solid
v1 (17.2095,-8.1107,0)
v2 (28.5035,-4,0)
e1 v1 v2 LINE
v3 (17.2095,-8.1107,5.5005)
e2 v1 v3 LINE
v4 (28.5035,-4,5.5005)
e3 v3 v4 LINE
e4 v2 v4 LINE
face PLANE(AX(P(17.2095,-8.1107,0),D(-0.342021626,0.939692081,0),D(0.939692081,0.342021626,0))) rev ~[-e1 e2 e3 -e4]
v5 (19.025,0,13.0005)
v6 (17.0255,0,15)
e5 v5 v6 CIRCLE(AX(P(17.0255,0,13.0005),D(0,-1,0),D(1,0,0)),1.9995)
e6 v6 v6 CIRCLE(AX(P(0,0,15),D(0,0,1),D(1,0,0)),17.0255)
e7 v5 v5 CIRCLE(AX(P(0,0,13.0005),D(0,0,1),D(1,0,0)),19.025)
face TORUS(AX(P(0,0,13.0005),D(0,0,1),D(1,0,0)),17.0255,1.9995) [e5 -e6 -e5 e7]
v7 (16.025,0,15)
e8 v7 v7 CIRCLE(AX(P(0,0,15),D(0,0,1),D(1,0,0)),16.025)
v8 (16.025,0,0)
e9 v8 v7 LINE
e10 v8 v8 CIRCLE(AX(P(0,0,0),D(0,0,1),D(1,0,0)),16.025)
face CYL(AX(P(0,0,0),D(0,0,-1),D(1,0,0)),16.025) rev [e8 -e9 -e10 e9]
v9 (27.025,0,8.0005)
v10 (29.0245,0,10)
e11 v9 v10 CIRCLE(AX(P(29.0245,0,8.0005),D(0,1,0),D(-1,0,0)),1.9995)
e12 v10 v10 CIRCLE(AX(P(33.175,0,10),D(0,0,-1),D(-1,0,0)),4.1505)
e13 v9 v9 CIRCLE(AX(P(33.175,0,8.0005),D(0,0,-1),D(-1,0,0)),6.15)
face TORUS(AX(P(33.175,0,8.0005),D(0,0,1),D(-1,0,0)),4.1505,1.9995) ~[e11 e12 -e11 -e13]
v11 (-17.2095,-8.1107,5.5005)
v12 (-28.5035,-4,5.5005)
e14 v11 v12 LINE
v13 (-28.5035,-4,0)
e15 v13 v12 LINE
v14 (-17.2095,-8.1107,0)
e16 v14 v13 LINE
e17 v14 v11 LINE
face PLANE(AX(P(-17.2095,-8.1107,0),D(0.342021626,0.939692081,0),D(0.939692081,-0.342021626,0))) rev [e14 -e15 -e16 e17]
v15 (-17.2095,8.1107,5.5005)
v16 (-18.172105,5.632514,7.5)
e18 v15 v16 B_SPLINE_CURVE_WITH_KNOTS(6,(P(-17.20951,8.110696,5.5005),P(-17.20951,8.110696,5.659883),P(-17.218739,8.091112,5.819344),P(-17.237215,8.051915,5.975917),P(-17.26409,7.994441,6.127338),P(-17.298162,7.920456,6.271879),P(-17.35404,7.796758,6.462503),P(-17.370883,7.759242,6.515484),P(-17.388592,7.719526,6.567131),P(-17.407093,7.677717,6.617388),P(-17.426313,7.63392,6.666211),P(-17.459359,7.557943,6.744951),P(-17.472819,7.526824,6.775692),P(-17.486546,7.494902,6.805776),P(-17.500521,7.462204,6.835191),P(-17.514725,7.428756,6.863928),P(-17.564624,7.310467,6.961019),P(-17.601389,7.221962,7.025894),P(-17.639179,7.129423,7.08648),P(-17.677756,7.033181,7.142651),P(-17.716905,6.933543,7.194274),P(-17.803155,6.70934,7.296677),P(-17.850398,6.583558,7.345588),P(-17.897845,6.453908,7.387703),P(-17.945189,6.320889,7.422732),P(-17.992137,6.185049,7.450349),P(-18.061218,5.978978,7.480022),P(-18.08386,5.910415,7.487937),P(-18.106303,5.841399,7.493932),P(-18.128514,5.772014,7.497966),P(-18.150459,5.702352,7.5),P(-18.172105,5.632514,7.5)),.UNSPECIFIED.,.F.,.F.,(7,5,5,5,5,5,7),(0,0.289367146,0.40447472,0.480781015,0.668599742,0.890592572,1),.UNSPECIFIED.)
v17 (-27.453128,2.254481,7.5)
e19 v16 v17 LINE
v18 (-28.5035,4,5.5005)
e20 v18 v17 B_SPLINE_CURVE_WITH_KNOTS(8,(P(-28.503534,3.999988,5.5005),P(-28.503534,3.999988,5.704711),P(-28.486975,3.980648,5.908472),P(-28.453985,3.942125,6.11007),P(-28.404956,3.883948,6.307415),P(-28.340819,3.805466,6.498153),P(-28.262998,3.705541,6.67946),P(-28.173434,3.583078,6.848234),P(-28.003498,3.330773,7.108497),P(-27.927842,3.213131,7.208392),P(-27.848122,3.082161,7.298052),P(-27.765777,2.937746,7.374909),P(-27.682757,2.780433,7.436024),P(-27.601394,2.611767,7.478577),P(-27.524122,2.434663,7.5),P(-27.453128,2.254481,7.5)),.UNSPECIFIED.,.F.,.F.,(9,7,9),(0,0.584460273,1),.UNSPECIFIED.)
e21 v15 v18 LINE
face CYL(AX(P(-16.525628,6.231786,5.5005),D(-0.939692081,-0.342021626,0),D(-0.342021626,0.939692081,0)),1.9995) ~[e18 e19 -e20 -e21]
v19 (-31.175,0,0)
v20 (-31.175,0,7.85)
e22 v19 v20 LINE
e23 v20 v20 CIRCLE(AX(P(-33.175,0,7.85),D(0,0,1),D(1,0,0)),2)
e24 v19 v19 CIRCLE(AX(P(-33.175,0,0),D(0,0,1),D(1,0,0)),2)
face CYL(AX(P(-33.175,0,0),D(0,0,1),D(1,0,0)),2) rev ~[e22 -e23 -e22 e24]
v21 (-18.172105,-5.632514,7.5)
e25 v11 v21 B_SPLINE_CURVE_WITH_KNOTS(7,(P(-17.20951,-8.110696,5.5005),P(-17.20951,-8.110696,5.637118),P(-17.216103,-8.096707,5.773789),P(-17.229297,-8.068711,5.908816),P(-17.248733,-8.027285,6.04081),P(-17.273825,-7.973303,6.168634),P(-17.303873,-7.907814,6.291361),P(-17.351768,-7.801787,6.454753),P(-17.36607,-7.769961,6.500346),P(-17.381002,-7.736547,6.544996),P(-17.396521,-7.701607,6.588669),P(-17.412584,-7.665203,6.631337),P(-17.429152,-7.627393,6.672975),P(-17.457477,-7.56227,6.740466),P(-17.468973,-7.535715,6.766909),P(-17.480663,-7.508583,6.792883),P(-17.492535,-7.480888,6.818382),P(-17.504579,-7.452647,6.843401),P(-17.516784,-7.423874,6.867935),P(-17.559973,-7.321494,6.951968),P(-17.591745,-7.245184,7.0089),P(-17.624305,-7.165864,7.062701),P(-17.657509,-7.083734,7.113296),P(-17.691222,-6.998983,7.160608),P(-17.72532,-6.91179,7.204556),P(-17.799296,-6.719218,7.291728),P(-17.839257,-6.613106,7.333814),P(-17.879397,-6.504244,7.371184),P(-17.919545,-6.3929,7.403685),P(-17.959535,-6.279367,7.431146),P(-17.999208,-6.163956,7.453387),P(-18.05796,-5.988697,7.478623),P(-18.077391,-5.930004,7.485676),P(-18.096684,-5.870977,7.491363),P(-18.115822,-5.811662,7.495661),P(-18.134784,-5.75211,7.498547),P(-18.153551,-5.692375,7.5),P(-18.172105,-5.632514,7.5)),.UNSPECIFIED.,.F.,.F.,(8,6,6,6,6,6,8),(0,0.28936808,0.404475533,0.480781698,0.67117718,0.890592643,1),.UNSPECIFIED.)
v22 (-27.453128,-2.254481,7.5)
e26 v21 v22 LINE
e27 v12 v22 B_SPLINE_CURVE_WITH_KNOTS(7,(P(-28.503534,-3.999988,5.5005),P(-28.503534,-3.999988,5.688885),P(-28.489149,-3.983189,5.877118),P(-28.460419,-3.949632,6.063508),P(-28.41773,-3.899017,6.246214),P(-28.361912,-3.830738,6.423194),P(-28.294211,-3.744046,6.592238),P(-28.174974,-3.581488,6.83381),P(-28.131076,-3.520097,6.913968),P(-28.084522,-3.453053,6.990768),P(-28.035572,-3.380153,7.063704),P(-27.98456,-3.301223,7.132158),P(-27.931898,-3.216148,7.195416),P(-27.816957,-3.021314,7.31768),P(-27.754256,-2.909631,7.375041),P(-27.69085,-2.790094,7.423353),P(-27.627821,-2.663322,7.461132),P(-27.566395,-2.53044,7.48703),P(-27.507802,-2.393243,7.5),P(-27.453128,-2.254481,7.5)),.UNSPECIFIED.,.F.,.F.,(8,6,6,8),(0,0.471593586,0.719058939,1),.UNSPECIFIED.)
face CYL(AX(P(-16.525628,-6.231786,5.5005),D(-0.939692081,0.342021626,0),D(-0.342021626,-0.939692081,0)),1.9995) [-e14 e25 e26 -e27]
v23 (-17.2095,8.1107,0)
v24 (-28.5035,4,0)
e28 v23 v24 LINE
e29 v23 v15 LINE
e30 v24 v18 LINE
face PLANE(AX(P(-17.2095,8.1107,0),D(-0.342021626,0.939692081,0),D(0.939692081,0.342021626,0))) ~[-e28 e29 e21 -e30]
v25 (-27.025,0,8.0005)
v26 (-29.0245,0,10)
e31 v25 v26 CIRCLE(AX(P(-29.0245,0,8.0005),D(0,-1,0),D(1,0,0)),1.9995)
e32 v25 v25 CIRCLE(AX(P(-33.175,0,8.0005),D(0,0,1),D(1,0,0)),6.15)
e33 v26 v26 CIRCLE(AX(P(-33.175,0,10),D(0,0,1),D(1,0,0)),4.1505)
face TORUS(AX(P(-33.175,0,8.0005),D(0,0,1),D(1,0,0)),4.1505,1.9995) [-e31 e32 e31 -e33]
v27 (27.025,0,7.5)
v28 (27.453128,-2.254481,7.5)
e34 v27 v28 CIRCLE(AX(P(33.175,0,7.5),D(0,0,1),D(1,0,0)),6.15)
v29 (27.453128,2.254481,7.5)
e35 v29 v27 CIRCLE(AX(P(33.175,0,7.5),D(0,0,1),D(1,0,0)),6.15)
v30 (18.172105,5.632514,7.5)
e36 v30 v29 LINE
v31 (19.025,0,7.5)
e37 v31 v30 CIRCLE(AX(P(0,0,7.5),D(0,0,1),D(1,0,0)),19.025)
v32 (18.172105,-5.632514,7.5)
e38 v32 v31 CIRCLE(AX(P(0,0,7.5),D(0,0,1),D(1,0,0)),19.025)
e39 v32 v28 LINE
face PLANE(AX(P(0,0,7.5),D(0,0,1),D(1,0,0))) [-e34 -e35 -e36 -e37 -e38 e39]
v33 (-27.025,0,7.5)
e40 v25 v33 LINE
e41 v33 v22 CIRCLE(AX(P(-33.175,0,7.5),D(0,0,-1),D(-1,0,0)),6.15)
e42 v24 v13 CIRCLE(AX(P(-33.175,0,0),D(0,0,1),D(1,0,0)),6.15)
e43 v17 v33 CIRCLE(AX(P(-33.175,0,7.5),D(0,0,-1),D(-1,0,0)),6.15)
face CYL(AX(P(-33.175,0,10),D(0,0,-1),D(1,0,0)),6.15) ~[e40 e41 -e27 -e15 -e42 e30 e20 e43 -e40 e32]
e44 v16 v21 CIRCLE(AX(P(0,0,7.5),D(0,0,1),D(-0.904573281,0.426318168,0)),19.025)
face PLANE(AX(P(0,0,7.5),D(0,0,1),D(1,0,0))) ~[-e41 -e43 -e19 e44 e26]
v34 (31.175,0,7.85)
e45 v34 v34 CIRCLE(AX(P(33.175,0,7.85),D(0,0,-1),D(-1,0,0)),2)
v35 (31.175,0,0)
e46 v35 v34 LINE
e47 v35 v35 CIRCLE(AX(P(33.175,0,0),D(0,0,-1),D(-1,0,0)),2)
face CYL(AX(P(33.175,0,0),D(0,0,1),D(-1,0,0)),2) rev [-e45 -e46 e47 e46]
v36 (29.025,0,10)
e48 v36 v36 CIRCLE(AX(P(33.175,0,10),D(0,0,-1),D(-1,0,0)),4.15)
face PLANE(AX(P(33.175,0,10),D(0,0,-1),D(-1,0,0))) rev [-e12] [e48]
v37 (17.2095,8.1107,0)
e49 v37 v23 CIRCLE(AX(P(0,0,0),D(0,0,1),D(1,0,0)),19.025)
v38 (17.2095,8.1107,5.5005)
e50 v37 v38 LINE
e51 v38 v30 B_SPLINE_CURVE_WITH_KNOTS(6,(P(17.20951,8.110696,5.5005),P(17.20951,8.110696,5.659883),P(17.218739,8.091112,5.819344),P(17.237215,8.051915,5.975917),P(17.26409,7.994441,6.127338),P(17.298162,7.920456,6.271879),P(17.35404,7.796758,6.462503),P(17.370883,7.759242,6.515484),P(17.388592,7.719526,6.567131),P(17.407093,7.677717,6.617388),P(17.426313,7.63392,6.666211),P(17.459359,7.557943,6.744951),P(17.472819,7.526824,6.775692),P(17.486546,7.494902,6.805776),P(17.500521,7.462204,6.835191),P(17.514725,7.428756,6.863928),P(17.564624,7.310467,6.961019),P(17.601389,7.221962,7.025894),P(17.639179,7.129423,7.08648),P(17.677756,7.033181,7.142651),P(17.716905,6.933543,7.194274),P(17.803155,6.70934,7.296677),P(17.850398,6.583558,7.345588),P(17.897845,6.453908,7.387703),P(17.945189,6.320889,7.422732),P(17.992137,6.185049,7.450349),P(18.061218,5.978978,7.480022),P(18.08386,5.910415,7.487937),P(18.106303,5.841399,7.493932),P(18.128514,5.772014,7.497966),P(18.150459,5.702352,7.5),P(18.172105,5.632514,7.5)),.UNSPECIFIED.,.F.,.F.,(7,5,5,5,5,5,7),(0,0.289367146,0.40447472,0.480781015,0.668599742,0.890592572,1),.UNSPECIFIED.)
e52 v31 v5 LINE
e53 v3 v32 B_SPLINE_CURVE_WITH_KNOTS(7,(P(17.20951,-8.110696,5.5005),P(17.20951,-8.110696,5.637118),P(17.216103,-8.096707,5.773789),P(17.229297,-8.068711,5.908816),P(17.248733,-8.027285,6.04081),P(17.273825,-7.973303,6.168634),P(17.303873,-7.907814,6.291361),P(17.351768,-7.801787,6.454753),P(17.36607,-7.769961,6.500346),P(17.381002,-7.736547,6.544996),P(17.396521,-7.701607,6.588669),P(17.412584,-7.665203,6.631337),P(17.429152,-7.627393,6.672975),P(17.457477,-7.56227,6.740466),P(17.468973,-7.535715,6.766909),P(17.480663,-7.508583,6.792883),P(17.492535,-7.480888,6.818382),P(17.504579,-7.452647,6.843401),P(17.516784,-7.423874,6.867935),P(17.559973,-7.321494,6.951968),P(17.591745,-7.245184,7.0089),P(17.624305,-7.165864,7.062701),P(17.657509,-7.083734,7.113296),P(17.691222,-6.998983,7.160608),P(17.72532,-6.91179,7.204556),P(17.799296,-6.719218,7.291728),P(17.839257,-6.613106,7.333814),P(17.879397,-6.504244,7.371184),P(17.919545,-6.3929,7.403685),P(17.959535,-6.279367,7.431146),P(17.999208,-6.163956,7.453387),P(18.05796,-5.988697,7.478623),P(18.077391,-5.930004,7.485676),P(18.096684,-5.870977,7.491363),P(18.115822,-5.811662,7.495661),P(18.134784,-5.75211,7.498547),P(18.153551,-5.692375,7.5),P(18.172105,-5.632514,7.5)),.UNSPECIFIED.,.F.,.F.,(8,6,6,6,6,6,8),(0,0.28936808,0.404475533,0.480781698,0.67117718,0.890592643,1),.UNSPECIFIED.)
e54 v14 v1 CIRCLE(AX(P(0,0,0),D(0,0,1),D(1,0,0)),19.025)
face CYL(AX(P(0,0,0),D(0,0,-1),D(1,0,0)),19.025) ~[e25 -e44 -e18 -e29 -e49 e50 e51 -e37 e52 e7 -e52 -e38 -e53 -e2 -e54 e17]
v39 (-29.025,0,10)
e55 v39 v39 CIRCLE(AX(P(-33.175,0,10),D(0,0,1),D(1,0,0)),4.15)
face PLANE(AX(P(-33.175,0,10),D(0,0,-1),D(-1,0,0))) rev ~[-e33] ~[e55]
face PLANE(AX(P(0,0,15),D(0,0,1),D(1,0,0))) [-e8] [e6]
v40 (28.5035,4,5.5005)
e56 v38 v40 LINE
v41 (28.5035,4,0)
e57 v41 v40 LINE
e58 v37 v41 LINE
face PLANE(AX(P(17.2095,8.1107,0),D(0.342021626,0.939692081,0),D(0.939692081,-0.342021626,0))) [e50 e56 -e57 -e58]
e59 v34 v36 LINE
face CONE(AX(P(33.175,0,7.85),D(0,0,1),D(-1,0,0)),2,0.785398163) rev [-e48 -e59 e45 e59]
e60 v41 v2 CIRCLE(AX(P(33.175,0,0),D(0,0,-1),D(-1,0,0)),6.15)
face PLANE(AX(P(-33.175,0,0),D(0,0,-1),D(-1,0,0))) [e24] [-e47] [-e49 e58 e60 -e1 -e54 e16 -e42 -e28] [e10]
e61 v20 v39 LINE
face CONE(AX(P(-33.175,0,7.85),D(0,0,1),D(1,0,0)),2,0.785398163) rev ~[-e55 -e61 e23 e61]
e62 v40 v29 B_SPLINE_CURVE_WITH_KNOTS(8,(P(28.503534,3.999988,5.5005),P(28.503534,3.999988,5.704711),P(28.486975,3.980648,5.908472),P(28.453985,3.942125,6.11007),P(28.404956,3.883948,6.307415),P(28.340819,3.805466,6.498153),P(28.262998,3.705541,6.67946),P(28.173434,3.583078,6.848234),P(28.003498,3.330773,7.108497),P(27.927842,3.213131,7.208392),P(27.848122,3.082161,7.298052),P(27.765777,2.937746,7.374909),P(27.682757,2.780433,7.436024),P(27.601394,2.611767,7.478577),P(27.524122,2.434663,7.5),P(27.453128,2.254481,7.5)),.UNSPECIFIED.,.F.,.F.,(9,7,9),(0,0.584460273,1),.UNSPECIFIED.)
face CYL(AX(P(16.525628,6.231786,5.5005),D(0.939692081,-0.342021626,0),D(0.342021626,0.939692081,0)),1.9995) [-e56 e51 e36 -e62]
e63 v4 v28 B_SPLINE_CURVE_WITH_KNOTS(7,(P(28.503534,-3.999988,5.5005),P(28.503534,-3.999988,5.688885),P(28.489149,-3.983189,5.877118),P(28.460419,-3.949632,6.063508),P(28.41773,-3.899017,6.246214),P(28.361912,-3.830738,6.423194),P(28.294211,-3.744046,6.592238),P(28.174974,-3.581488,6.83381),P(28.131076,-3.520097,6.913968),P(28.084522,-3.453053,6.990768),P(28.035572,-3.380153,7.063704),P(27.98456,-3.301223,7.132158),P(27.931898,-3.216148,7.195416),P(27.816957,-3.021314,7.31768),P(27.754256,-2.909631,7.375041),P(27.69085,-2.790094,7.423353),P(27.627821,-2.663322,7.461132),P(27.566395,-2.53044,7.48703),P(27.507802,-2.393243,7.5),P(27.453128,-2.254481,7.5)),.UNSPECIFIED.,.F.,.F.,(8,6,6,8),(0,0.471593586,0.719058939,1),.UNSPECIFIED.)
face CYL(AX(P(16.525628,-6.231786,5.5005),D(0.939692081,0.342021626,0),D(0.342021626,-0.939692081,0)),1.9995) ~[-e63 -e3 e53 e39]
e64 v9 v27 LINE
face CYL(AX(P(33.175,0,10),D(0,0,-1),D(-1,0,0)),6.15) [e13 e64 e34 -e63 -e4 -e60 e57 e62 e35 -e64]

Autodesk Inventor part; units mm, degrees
ref_plane "YZ Plane" through (0, 0, 0) normal (1, 0, 0) x (0, 1, 0)
ref_plane "XZ Plane" through (0, 0, 0) normal (0, 1, 0) x (-1, 0, 0)
ref_plane "XY Plane" through (0, 0, 0) normal (0, 0, 1) x (1, 0, 0)
sketch "Tube_Core_Skt" plane through (0, 0, 0) normal (0, 0, 1) x (1, 0, 0)
  circle A0 centre (0, 0) radius 16.025
  circle A1 centre (0, 0) radius 19.025
  dimension "d2" = 3
  dimension "d3" = 32.05
extrude "Tube_Core" add sketch "Tube_Core_Skt" along normal blind 15
sketch "Screw_Core_Skt" plane through (0, 0, 0) normal (0, 1, 0) x (-1, 0, 0)
  line L0 (-19.025, 0) -> (-19.025, 15) projected
  line L1 (19.025, 15) -> (-19.025, 15) projected
  line L2 (19.025, 0) -> (19.025, 15) projected
  line L3 (-19.025, 0) -> (19.025, 0) projected
  line L4 (0, 15) -> (-27.025, 15) construction
  line L5 (-27.025, 15) -> (-27.025, 10) construction
  line L6 (-27.025, 0) -> (0, 0) construction
  line L7 (0, 0) -> (0, 15) construction
  line L8 (-27.025, 15) -> (-33.175, 15) construction
  line L9 (-33.175, 15) -> (-33.175, 0) construction
  line L10 (-33.175, 0) -> (-27.025, 0) construction
  line L11 (-33.175, 10) -> (-27.025, 10) construction
  line L12 (-27.025, 10) -> (-27.025, 0) construction
  line L13 (-31.175, 0) -> (-31.175, 7.85)
  line L14 (-31.175, 7.85) -> (-29.025, 10)
  line L15 (-27.025, 10) -> (-27.025, 0)
  line L16 (-31.175, 0) -> (-27.025, 0)
  line L17 (-29.025, 10) -> (-27.025, 10)
  point P0 (0, 0)
  dimension "d11" = 10
  dimension "d12" = 8
  dimension "d13" = 6.15
  dimension "d14" = 2
  dimension "d15" = 2
  dimension "d16" = 45
revolve "Screw_Core" add sketch "Screw_Core_Skt" angle 360 about axis through (33.175, 0, 15) along (0, 0, -1) contours L13 L14 L17 L15 L16
sketch "Screw_Bridge_Skt" plane through (0, 0, 0) normal (0, 0, 1) x (1, 0, 0)
  circle A0 centre (0, 0) radius 19.025 projected
  circle A1 centre (33.175, 0) radius 6.15 projected
  circle A2 centre (0, 0) radius 19.025 projected
  line L0 (17.2095, 8.1107) -> (28.5035, 4)
  line L1 (17.2095, -8.1107) -> (28.5035, -4)
  line L2 (0, 0) -> (33.175, 0) construction
  point P0 (35.15, 0)
  dimension "d25" = 4
  dimension "d26" = 20
extrude "Screw_Bridge" add sketch "Screw_Bridge_Skt" along normal blind 7.5 contours A0 L0 A1 L1
mirror "Screw_Copy" about plane through (0, 0, 0) normal (1, 0, 0) of "Screw_Bridge", "Screw_Core"
fillet "Fillet" radius 2 7 edges at (-19.025, 0, 15) (22.8565, -6.0553, 7.5) (22.8565, 6.0553, 7.5) (39.325, 0, 10) (-22.8565, -6.0553, 7.5) (-22.8565, 6.0553, 7.5) (-39.325, 0, 10)
equation "\"d2\" = tube_wall_width"
equation "\"d3\" = tube_diam + tube_tolerance"
equation "\"d4\" = tube_wall_height"
equation "\"d11\" = screw_height"
equation "\"d12\" = screw_spacing"
equation "\"d13\" = 0.5 * screw_head_diam + screw_wall_width"
equation "\"d14\" = 0.5 * screw_tolerance + 0.5 * screw_body_diam"
equation "\"d15\" = screw_wall_width"
equation "\"d25\" = 2 * screw_wall_width"
equation "\"d27\" = 0.75 * screw_height"
equation "\"d41\" = fillet"
equation "\"tube_diam\" = 31.8"
equation "\"screw_body_diam\" = 3"
equation "\"screw_head_diam\" = 8.3"
equation "\"screw_head_height\" = 3"
equation "\"screw_spacing\" = 8"
equation "\"screw_height\" = 10"
equation "\"tube_tolerance\" = 0.25"
equation "\"tube_wall_width\" = 3"
equation "\"tube_wall_height\" = 15"
equation "\"screw_wall_width\" = 2"
equation "\"fillet\" = 2"
equation "\"tube_base\" = 2"
equation "\"tube_base_height\" = 2"
equation "\"screw_tolerance\" = 1"
equation "\"screw_length\" = 12.7"
equation "\"wood_width\" = 15"
equation "\"block_height\" = 15"
equation "\"screw_head_ang\" = 71.666667deg"
equation "\"screw_head_m\" = 71.666667deg"
properties part number "Counter_Support"
